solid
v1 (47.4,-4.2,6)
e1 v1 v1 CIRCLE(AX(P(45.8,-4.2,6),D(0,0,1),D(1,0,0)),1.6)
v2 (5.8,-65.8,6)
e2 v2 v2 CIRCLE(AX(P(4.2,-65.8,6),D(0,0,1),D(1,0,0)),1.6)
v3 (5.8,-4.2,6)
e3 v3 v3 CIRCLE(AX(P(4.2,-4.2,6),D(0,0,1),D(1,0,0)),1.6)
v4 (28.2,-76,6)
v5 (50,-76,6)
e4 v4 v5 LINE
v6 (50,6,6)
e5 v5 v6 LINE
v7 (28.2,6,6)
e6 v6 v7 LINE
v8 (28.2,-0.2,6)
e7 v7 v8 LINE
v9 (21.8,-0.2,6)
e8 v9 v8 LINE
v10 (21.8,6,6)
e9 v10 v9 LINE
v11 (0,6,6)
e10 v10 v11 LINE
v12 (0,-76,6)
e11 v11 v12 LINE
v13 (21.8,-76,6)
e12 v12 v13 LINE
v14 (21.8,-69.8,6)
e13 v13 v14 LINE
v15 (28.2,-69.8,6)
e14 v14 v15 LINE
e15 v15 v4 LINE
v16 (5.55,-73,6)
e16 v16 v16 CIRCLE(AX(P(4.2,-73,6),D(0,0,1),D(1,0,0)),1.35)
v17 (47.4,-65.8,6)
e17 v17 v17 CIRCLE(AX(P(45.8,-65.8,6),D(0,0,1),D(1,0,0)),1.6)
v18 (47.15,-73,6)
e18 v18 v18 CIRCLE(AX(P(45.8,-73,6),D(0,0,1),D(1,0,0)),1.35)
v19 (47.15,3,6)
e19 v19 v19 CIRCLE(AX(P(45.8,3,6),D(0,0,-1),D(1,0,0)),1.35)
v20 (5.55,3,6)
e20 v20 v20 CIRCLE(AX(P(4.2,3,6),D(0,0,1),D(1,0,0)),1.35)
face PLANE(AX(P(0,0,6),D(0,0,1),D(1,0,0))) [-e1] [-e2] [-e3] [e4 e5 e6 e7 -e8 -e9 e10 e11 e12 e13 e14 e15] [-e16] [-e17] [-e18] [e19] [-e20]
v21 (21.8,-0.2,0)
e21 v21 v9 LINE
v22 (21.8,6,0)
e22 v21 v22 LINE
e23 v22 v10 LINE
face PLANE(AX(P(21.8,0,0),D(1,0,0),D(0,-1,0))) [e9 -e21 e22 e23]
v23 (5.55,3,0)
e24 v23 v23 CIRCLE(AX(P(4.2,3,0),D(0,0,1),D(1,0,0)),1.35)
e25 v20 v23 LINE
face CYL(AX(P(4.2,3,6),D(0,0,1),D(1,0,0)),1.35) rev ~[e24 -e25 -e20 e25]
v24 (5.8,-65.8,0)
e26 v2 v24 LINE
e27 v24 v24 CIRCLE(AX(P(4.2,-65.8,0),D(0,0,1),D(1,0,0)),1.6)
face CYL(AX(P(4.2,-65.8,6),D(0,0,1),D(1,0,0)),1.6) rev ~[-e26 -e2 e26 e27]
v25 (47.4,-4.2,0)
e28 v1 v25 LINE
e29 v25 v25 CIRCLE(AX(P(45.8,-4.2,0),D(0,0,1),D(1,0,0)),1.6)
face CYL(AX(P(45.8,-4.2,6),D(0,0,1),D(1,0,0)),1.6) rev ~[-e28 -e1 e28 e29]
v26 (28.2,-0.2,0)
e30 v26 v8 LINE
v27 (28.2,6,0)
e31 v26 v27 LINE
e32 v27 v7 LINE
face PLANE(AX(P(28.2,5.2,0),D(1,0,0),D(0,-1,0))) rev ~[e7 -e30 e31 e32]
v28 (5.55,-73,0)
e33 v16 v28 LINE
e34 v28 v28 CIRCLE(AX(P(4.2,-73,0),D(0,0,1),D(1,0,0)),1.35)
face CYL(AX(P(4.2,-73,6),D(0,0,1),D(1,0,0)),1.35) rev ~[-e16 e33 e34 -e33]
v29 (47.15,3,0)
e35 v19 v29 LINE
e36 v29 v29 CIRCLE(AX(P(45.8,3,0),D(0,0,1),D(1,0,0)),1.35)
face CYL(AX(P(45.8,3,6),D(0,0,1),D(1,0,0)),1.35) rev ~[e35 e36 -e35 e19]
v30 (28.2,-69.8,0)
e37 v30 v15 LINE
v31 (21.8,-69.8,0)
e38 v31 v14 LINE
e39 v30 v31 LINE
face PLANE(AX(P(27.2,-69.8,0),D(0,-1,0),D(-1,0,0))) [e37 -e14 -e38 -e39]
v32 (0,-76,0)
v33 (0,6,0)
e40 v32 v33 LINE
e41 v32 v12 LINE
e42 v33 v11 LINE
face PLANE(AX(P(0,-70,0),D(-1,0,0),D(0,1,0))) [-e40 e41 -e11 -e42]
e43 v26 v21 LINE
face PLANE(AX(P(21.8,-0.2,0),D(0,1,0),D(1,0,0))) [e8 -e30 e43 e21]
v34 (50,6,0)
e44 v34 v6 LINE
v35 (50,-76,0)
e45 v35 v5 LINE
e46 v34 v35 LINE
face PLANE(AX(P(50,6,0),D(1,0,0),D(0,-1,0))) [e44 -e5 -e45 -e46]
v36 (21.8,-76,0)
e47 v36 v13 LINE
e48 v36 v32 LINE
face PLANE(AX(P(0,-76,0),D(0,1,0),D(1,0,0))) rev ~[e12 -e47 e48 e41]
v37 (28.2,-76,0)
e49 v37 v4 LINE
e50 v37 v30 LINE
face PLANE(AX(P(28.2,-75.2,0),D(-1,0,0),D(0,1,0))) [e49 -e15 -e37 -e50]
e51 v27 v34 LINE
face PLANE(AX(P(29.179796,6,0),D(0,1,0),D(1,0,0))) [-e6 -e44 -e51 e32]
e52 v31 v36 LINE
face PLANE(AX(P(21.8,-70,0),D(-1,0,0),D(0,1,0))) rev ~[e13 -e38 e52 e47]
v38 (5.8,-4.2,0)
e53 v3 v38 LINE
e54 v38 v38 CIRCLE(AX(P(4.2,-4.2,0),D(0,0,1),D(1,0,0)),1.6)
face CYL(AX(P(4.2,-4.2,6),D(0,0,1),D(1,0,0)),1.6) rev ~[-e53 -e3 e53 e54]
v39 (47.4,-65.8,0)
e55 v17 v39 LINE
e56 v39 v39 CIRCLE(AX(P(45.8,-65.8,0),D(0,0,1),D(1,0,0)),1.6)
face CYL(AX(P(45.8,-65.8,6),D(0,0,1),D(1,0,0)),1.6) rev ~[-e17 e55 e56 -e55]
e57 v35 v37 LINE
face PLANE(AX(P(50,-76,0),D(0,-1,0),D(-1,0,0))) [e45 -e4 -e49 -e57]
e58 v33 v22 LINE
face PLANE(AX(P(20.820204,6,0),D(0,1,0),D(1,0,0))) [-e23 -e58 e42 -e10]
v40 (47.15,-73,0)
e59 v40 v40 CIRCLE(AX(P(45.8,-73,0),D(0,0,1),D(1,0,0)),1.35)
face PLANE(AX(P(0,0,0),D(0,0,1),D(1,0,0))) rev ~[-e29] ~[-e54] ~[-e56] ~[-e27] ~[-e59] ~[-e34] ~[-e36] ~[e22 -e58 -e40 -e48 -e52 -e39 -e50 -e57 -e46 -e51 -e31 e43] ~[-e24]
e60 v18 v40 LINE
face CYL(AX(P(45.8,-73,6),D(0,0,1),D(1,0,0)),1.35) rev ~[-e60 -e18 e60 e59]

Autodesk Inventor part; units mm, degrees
ref_plane "YZ Plane" through (0, 0, 0) normal (1, 0, 0) x (0, 1, 0)
ref_plane "XZ Plane" through (0, 0, 0) normal (0, 1, 0) x (-1, 0, 0)
ref_plane "XY Plane" through (0, 0, 0) normal (0, 0, 1) x (1, 0, 0)
sketch "스케치1" plane through (0, 0, 0) normal (0, 0, 1) x (1, 0, 0)
  line L0 (0, 0) -> (22, 0) projected
  line L1 (0, 6) -> (22, 6) projected
  line L2 (0, -76) -> (22, -76) projected
  line L3 (0, -70) -> (22, -70) projected
  line L4 (0, 6) -> (50, 6)
  line L5 (50, 6) -> (50, -76)
  line L6 (50, -76) -> (0, -76)
  line L7 (0, -76) -> (0, 6)
  line L8 (22, 0) -> (28, 0) projected
  line L9 (28, 0) -> (28, 6) projected
  line L10 (22, 6) -> (22, 0) projected
  line L11 (22, -76) -> (28, -76) projected
  line L12 (28, -76) -> (28, -70) projected
  line L13 (22, -70) -> (22, -76) projected
  line L14 (22, 0) -> (22, 6) projected
  line L15 (28, 6) -> (22, 6) projected
  line L16 (28, -70) -> (22, -70) projected
  line L17 (22, -76) -> (22, -70) projected
  line L18 (0, -76) -> (0, -70) projected
  line L19 (0, 0) -> (0, 6) projected
  line L20 (22, 6.2) -> (28.2, 6.2)
  line L21 (28.2, 6.2) -> (28.2, -0.2)
  line L22 (28.2, -0.2) -> (22, -0.2)
  line L23 (21.8, 6) -> (21.8, 0)
  line L24 (21.8, 0) -> (21.8, -0.2)
  line L25 (21.8, -0.2) -> (22, -0.2)
  line L26 (21.8, 6) -> (21.8, 6.2)
  line L27 (21.8, 6.2) -> (22, 6.2)
  line L28 (50, -35) -> (45, -35)
  line L29 (22, -70) -> (28, -70)
  line L30 (28, -70) -> (28, -76)
  line L31 (22, -76) -> (22, -70)
  line L32 (22, -70) -> (22, -76)
  line L33 (28, -76) -> (22, -76)
  line L34 (22, -76.2) -> (28.2, -76.2)
  line L35 (28.2, -76.2) -> (28.2, -69.8)
  line L36 (28.2, -69.8) -> (22, -69.8)
  line L37 (21.8, -76) -> (21.8, -70)
  line L38 (21.8, -70) -> (21.8, -69.8)
  line L39 (21.8, -69.8) -> (22, -69.8)
  line L40 (21.8, -76) -> (21.8, -76.2)
  line L41 (21.8, -76.2) -> (22, -76.2)
  circle A0 centre (28.2, -0.2) radius 1
  circle A1 centre (21.8, -0.2) radius 1
  circle A2 centre (28.2, 6.2) radius 1
  circle A3 centre (21.8, 6.2) radius 1
  circle A4 centre (28.2, -69.8) radius 1
  circle A5 centre (21.8, -69.8) radius 1
  circle A6 centre (28.2, -76.2) radius 1
  circle A7 centre (21.8, -76.2) radius 1
  point P0 (50, -70)
  point P1 (50, 0)
  point P2 (28.2, -76)
  point P3 (28.2, 6)
  dimension "d7" = 0.2
  dimension "d8" = 0.2
  dimension "d9" = 2
  dimension "d10" = 2
  dimension "d11" = 2
  dimension "d12" = 2
extrude "돌출1" add sketch "스케치1" along normal blind 6 contours L24 L25 L22 A1 L0 | L0 A1 L23 | A1 L22 A0 L21 A2 L4 L5 L6 A6 L35 A4 L36 A5 L3 L7 L0 | L0 L7 L1 A3 L23 A1 | A3 L1 L23 | L3 A5 L37 A7 L2 L7 | L22 L21 A0 | A5 L36 L39 L38 L3 | L3 L37 A5 | A7 L37 L2 | L21 L4 A2 | A4 L35 L36 | L2 L6 A7 L34 L41 L40 | A7 L6 A6 L34 | A6 L6 L35 L34 | A6 L6 L35 picked at (27.8, -76.1333)
sketch "스케치2" plane through (0, 0, 6) normal (0, 0, 1) x (1, 0, 0)
  circle A0 centre (45.8, -4.2) radius 1.6 projected
  circle A1 centre (45.8, -65.8) radius 1.6 projected
  circle A2 centre (4.2, -4.2) radius 1.6 projected
  circle A3 centre (4.2, -65.8) radius 1.6 projected
  line L0 (50, -70) -> (50, 0) projected
  line L1 (50, 0) -> (0, 0) projected
  line L2 (0, 0) -> (0, -70) projected
  line L3 (0, -70) -> (50, -70) projected
  line L4 (28.4609, -19.5584) -> (28.4609, -20.3691) projected
  line L5 (28.4609, -20.3691) -> (23.0826, -20.3691) projected
  line L6 (23.0826, -20.3691) -> (23.0826, -22.4156) projected
  line L7 (23.0826, -22.4156) -> (22.3609, -22.4156) projected
  line L8 (22.3609, -22.4156) -> (22.3609, -17.5118) projected
  line L9 (22.3609, -17.5118) -> (23.0826, -17.5118) projected
  line L10 (23.0826, -17.5118) -> (23.0826, -19.5584) projected
  line L11 (23.0826, -19.5584) -> (28.4609, -19.5584) projected
  spline S0 degree 2 poles (28.0259, -26.6668) (28.3126, -26.9584) (28.5894, -27.7296) (28.5894, -28.2931) knots 0 0 0 1 2 2 2 projected
  spline S1 degree 2 poles (28.5894, -28.2931) (28.5894, -28.8319) (28.3076, -29.6328) (28.0259, -29.9145) knots 0 0 0 1 2 2 2 projected
  spline S2 degree 2 poles (28.0259, -29.9145) (27.7095, -30.2358) (26.8197, -30.4978) (26.1672, -30.4978) knots 0 0 0 1 2 2 2 projected
  line L12 (26.1672, -30.4978) -> (22.3609, -30.4978) projected
  line L13 (22.3609, -30.4978) -> (22.3609, -29.6871) projected
  line L14 (22.3609, -29.6871) -> (26.1672, -29.6871) projected
  spline S3 degree 2 poles (26.1672, -29.6871) (26.5923, -29.6871) (27.1657, -29.5784) (27.3981, -29.4251) knots 0 0 0 1 2 2 2 projected
  spline S4 degree 2 poles (27.3981, -29.4251) (27.6452, -29.262) (27.8973, -28.6985) (27.8973, -28.2931) knots 0 0 0 1 2 2 2 projected
  spline S5 degree 2 poles (27.8973, -28.2931) (27.8973, -27.9125) (27.6452, -27.3193) (27.3981, -27.1562) knots 0 0 0 1 2 2 2 projected
  spline S6 degree 2 poles (27.3981, -27.1562) (27.1657, -27.0029) (26.5972, -26.8942) (26.187, -26.8942) knots 0 0 0 1 2 2 2 projected
  line L15 (26.187, -26.8942) -> (22.3609, -26.8942) projected
  line L16 (22.3609, -26.8942) -> (22.3609, -26.0835) projected
  line L17 (22.3609, -26.0835) -> (26.1672, -26.0835) projected
  spline S7 degree 2 poles (26.1672, -26.0835) (26.8049, -26.0835) (27.7144, -26.3405) (28.0259, -26.6668) knots 0 0 0 1 2 2 2 projected
  line L18 (27.838, -41.6696) -> (28.4609, -41.6696) projected
  line L19 (28.4609, -41.6696) -> (28.4609, -44.0325) projected
  line L20 (28.4609, -44.0325) -> (27.838, -44.0325) projected
  line L21 (27.838, -44.0325) -> (27.838, -43.2564) projected
  line L22 (27.838, -43.2564) -> (22.9837, -43.2564) projected
  line L23 (22.9837, -43.2564) -> (22.9837, -44.0325) projected
  line L24 (22.9837, -44.0325) -> (22.3609, -44.0325) projected
  line L25 (22.3609, -44.0325) -> (22.3609, -41.6696) projected
  line L26 (22.3609, -41.6696) -> (22.9837, -41.6696) projected
  line L27 (22.9837, -41.6696) -> (22.9837, -42.4457) projected
  line L28 (22.9837, -42.4457) -> (27.838, -42.4457) projected
  line L29 (27.838, -42.4457) -> (27.838, -41.6696) projected
  spline S8 degree 2 poles (28.3917, -45.3623) (28.4806, -45.6292) (28.5696, -46.084) (28.5696, -46.4498) knots 0 0 0 1 2 2 2 projected
  spline S9 degree 2 poles (28.5696, -46.4498) (28.5696, -47.043) (28.1692, -48.0464) (27.7688, -48.4123) knots 0 0 0 1 2 2 2 projected
  spline S10 degree 2 poles (27.7688, -48.4123) (27.3733, -48.7781) (26.187, -49.1785) (25.4158, -49.1785) knots 0 0 0 1 2 2 2 projected
  spline S11 degree 2 poles (25.4158, -49.1785) (24.6496, -49.1785) (23.5126, -48.7879) (23.0925, -48.4172) knots 0 0 0 1 2 2 2 projected
  spline S12 degree 2 poles (23.0925, -48.4172) (22.6822, -48.0514) (22.2521, -47.0529) (22.2521, -46.4349) knots 0 0 0 1 2 2 2 projected
  spline S13 degree 2 poles (22.2521, -46.4349) (22.2521, -46.1285) (22.3411, -45.5896) (22.4103, -45.3623) knots 0 0 0 1 2 2 2 projected
  spline S14 degree 2 poles (22.4103, -45.3623) (22.4746, -45.1645) (22.6575, -44.7542) (22.7662, -44.5516) knots 0 0 0 1 2 2 2 projected
  line L30 (22.7662, -44.5516) -> (23.745, -44.5516) projected
  line L31 (23.745, -44.5516) -> (23.745, -44.6158) projected
  spline S15 degree 2 poles (23.745, -44.6158) (23.6461, -44.7246) (23.3693, -45.0607) (23.2358, -45.3029) knots 0 0 0 1 2 2 2 projected
  spline S16 degree 2 poles (23.2358, -45.3029) (23.1073, -45.5353) (22.9442, -46.084) (22.9442, -46.4399) knots 0 0 0 1 2 2 2 projected
  spline S17 degree 2 poles (22.9442, -46.4399) (22.9442, -46.8304) (23.2655, -47.5274) (23.572, -47.7894) knots 0 0 0 1 2 2 2 projected
  spline S18 degree 2 poles (23.572, -47.7894) (23.8834, -48.0464) (24.8276, -48.3332) (25.4158, -48.3332) knots 0 0 0 1 2 2 2 projected
  spline S19 degree 2 poles (25.4158, -48.3332) (26.0436, -48.3332) (26.9482, -48.0316) (27.2596, -47.7696) knots 0 0 0 1 2 2 2 projected
  spline S20 degree 2 poles (27.2596, -47.7696) (27.5612, -47.5126) (27.8677, -46.8255) (27.8677, -46.4399) knots 0 0 0 1 2 2 2 projected
  spline S21 degree 2 poles (27.8677, -46.4399) (27.8677, -46.0889) (27.6947, -45.4908) (27.5661, -45.2584) knots 0 0 0 1 2 2 2 projected
  spline S22 degree 2 poles (27.5661, -45.2584) (27.4376, -45.036) (27.1707, -44.7048) (27.0767, -44.6109) knots 0 0 0 1 2 2 2 projected
  line L32 (27.0767, -44.6109) -> (27.0767, -44.5516) projected
  line L33 (27.0767, -44.5516) -> (28.0456, -44.5516) projected
  spline S23 degree 2 poles (28.0456, -44.5516) (28.1396, -44.7542) (28.3126, -45.1101) (28.3917, -45.3623) knots 0 0 0 1 2 2 2 projected
  line L34 (25.8063, -38.1154) -> (28.4609, -35.9453) projected
  line L35 (28.4609, -35.9453) -> (28.4609, -36.9982) projected
  line L36 (28.4609, -36.9982) -> (26.0337, -38.9261) projected
  line L37 (26.0337, -38.9261) -> (26.0337, -39.8554) projected
  line L38 (26.0337, -39.8554) -> (28.4609, -39.8554) projected
  line L39 (28.4609, -39.8554) -> (28.4609, -40.6661) projected
  line L40 (28.4609, -40.6661) -> (22.3609, -40.6661) projected
  line L41 (22.3609, -40.6661) -> (22.3609, -39.0942) projected
  spline S24 degree 2 poles (22.3609, -39.0942) (22.3609, -38.5702) (22.4746, -37.8633) (22.6822, -37.542) knots 0 0 0 1 2 2 2 projected
  spline S25 degree 2 poles (22.6822, -37.542) (22.8898, -37.2207) (23.5374, -36.8499) (24.0169, -36.8499) knots 0 0 0 1 2 2 2 projected
  spline S26 degree 2 poles (24.0169, -36.8499) (24.6842, -36.8499) (25.5888, -37.5321) (25.8063, -38.1154) knots 0 0 0 1 2 2 2 projected
  spline S27 degree 2 poles (28.3917, -31.9907) (28.4806, -32.2576) (28.5696, -32.7124) (28.5696, -33.0782) knots 0 0 0 1 2 2 2 projected
  spline S28 degree 2 poles (28.5696, -33.0782) (28.5696, -33.6714) (28.1692, -34.6749) (27.7688, -35.0407) knots 0 0 0 1 2 2 2 projected
  spline S29 degree 2 poles (27.7688, -35.0407) (27.3733, -35.4065) (26.187, -35.8069) (25.4158, -35.8069) knots 0 0 0 1 2 2 2 projected
  spline S30 degree 2 poles (25.4158, -35.8069) (24.6496, -35.8069) (23.5126, -35.4164) (23.0925, -35.0456) knots 0 0 0 1 2 2 2 projected
  spline S31 degree 2 poles (23.0925, -35.0456) (22.6822, -34.6798) (22.2521, -33.6813) (22.2521, -33.0634) knots 0 0 0 1 2 2 2 projected
  spline S32 degree 2 poles (22.2521, -33.0634) (22.2521, -32.7569) (22.3411, -32.2181) (22.4103, -31.9907) knots 0 0 0 1 2 2 2 projected
  spline S33 degree 2 poles (22.4103, -31.9907) (22.4746, -31.793) (22.6575, -31.3827) (22.7662, -31.18) knots 0 0 0 1 2 2 2 projected
  line L42 (22.7662, -31.18) -> (23.745, -31.18) projected
  line L43 (23.745, -31.18) -> (23.745, -31.2443) projected
  spline S34 degree 2 poles (23.745, -31.2443) (23.6461, -31.353) (23.3693, -31.6892) (23.2358, -31.9314) knots 0 0 0 1 2 2 2 projected
  spline S35 degree 2 poles (23.2358, -31.9314) (23.1073, -32.1637) (22.9442, -32.7124) (22.9442, -33.0683) knots 0 0 0 1 2 2 2 projected
  spline S36 degree 2 poles (22.9442, -33.0683) (22.9442, -33.4588) (23.2655, -34.1558) (23.572, -34.4178) knots 0 0 0 1 2 2 2 projected
  spline S37 degree 2 poles (23.572, -34.4178) (23.8834, -34.6749) (24.8276, -34.9616) (25.4158, -34.9616) knots 0 0 0 1 2 2 2 projected
  spline S38 degree 2 poles (25.4158, -34.9616) (26.0436, -34.9616) (26.9482, -34.6601) (27.2596, -34.3981) knots 0 0 0 1 2 2 2 projected
  spline S39 degree 2 poles (27.2596, -34.3981) (27.5612, -34.141) (27.8677, -33.4539) (27.8677, -33.0683) knots 0 0 0 1 2 2 2 projected
  spline S40 degree 2 poles (27.8677, -33.0683) (27.8677, -32.7174) (27.6947, -32.1192) (27.5661, -31.8869) knots 0 0 0 1 2 2 2 projected
  spline S41 degree 2 poles (27.5661, -31.8869) (27.4376, -31.6644) (27.1707, -31.3332) (27.0767, -31.2393) knots 0 0 0 1 2 2 2 projected
  line L44 (27.0767, -31.2393) -> (27.0767, -31.18) projected
  line L45 (27.0767, -31.18) -> (28.0456, -31.18) projected
  spline S42 degree 2 poles (28.0456, -31.18) (28.1396, -31.3827) (28.3126, -31.7386) (28.3917, -31.9907) knots 0 0 0 1 2 2 2 projected
  line L46 (27.838, -22.7962) -> (28.4609, -22.7962) projected
  line L47 (28.4609, -22.7962) -> (28.4609, -25.1591) projected
  line L48 (28.4609, -25.1591) -> (27.838, -25.1591) projected
  line L49 (27.838, -25.1591) -> (27.838, -24.383) projected
  line L50 (27.838, -24.383) -> (22.9837, -24.383) projected
  line L51 (22.9837, -24.383) -> (22.9837, -25.1591) projected
  line L52 (22.9837, -25.1591) -> (22.3609, -25.1591) projected
  line L53 (22.3609, -25.1591) -> (22.3609, -22.7962) projected
  line L54 (22.3609, -22.7962) -> (22.9837, -22.7962) projected
  line L55 (22.9837, -22.7962) -> (22.9837, -23.5723) projected
  line L56 (22.9837, -23.5723) -> (27.838, -23.5723) projected
  line L57 (27.838, -23.5723) -> (27.838, -22.7962) projected
extrude "돌출2" cut sketch "스케치2" against normal blind 6 contours A0 | A1 | A2 | A3
sketch "스케치3" plane through (0, 0, 6) normal (0, 0, 1) x (1, 0, 0)
  circle A0 centre (4.2, -65.8) radius 1.6 projected
  circle A1 centre (45.8, -65.8) radius 1.6 projected
  circle A2 centre (4.2, -4.2) radius 1.6 projected
  circle A3 centre (45.8, -4.2) radius 1.6 projected
  line L0 (50, 6) -> (28.2, 6) projected
  line L1 (21.8, 6) -> (0, 6) projected
  line L2 (0, 6) -> (0, -76) projected
  line L3 (0, -76) -> (21.8, -76) projected
  line L4 (50, -76) -> (50, 6) projected
  line L5 (28, 3) -> (45.8, 3)
  circle A4 centre (45.8, 3) radius 1.35
  line L6 (25, 0) -> (25, 3)
  circle A5 centre (4.2, 3) radius 1.35
  line L7 (50, -35) -> (44.45, -35)
  circle A6 centre (45.8, -73) radius 1.35
  circle A7 centre (4.2, -73) radius 1.35
  line L8 (28.2, -76.2) -> (28.2, -76) projected
  line L9 (28.2, -76) -> (21.8, -76) projected
  line L10 (21.8, -76) -> (21.8, -76.2) projected
  line L11 (21.8, -76.2) -> (28.2, -76.2) projected
  line L12 (28.2, -0.2) -> (21.8, -0.2) projected
  line L13 (21.8, -0.2) -> (21.8, 6) projected
  line L14 (21.8, -76) -> (21.8, -69.8) projected
  line L15 (21.8, -69.8) -> (28.2, -69.8) projected
  line L16 (28.2, -69.8) -> (28.2, -76) projected
  line L17 (28.2, -76) -> (50, -76) projected
  line L18 (28.2, 6) -> (28.2, -0.2) projected
  point P0 (0, 0)
  dimension "d4" = 2.7
extrude "돌출3" cut sketch "스케치3" against normal up to next contours A4 | L8 L11 L10 L9 | A5 | A6 | A7
properties part number "head_up"
